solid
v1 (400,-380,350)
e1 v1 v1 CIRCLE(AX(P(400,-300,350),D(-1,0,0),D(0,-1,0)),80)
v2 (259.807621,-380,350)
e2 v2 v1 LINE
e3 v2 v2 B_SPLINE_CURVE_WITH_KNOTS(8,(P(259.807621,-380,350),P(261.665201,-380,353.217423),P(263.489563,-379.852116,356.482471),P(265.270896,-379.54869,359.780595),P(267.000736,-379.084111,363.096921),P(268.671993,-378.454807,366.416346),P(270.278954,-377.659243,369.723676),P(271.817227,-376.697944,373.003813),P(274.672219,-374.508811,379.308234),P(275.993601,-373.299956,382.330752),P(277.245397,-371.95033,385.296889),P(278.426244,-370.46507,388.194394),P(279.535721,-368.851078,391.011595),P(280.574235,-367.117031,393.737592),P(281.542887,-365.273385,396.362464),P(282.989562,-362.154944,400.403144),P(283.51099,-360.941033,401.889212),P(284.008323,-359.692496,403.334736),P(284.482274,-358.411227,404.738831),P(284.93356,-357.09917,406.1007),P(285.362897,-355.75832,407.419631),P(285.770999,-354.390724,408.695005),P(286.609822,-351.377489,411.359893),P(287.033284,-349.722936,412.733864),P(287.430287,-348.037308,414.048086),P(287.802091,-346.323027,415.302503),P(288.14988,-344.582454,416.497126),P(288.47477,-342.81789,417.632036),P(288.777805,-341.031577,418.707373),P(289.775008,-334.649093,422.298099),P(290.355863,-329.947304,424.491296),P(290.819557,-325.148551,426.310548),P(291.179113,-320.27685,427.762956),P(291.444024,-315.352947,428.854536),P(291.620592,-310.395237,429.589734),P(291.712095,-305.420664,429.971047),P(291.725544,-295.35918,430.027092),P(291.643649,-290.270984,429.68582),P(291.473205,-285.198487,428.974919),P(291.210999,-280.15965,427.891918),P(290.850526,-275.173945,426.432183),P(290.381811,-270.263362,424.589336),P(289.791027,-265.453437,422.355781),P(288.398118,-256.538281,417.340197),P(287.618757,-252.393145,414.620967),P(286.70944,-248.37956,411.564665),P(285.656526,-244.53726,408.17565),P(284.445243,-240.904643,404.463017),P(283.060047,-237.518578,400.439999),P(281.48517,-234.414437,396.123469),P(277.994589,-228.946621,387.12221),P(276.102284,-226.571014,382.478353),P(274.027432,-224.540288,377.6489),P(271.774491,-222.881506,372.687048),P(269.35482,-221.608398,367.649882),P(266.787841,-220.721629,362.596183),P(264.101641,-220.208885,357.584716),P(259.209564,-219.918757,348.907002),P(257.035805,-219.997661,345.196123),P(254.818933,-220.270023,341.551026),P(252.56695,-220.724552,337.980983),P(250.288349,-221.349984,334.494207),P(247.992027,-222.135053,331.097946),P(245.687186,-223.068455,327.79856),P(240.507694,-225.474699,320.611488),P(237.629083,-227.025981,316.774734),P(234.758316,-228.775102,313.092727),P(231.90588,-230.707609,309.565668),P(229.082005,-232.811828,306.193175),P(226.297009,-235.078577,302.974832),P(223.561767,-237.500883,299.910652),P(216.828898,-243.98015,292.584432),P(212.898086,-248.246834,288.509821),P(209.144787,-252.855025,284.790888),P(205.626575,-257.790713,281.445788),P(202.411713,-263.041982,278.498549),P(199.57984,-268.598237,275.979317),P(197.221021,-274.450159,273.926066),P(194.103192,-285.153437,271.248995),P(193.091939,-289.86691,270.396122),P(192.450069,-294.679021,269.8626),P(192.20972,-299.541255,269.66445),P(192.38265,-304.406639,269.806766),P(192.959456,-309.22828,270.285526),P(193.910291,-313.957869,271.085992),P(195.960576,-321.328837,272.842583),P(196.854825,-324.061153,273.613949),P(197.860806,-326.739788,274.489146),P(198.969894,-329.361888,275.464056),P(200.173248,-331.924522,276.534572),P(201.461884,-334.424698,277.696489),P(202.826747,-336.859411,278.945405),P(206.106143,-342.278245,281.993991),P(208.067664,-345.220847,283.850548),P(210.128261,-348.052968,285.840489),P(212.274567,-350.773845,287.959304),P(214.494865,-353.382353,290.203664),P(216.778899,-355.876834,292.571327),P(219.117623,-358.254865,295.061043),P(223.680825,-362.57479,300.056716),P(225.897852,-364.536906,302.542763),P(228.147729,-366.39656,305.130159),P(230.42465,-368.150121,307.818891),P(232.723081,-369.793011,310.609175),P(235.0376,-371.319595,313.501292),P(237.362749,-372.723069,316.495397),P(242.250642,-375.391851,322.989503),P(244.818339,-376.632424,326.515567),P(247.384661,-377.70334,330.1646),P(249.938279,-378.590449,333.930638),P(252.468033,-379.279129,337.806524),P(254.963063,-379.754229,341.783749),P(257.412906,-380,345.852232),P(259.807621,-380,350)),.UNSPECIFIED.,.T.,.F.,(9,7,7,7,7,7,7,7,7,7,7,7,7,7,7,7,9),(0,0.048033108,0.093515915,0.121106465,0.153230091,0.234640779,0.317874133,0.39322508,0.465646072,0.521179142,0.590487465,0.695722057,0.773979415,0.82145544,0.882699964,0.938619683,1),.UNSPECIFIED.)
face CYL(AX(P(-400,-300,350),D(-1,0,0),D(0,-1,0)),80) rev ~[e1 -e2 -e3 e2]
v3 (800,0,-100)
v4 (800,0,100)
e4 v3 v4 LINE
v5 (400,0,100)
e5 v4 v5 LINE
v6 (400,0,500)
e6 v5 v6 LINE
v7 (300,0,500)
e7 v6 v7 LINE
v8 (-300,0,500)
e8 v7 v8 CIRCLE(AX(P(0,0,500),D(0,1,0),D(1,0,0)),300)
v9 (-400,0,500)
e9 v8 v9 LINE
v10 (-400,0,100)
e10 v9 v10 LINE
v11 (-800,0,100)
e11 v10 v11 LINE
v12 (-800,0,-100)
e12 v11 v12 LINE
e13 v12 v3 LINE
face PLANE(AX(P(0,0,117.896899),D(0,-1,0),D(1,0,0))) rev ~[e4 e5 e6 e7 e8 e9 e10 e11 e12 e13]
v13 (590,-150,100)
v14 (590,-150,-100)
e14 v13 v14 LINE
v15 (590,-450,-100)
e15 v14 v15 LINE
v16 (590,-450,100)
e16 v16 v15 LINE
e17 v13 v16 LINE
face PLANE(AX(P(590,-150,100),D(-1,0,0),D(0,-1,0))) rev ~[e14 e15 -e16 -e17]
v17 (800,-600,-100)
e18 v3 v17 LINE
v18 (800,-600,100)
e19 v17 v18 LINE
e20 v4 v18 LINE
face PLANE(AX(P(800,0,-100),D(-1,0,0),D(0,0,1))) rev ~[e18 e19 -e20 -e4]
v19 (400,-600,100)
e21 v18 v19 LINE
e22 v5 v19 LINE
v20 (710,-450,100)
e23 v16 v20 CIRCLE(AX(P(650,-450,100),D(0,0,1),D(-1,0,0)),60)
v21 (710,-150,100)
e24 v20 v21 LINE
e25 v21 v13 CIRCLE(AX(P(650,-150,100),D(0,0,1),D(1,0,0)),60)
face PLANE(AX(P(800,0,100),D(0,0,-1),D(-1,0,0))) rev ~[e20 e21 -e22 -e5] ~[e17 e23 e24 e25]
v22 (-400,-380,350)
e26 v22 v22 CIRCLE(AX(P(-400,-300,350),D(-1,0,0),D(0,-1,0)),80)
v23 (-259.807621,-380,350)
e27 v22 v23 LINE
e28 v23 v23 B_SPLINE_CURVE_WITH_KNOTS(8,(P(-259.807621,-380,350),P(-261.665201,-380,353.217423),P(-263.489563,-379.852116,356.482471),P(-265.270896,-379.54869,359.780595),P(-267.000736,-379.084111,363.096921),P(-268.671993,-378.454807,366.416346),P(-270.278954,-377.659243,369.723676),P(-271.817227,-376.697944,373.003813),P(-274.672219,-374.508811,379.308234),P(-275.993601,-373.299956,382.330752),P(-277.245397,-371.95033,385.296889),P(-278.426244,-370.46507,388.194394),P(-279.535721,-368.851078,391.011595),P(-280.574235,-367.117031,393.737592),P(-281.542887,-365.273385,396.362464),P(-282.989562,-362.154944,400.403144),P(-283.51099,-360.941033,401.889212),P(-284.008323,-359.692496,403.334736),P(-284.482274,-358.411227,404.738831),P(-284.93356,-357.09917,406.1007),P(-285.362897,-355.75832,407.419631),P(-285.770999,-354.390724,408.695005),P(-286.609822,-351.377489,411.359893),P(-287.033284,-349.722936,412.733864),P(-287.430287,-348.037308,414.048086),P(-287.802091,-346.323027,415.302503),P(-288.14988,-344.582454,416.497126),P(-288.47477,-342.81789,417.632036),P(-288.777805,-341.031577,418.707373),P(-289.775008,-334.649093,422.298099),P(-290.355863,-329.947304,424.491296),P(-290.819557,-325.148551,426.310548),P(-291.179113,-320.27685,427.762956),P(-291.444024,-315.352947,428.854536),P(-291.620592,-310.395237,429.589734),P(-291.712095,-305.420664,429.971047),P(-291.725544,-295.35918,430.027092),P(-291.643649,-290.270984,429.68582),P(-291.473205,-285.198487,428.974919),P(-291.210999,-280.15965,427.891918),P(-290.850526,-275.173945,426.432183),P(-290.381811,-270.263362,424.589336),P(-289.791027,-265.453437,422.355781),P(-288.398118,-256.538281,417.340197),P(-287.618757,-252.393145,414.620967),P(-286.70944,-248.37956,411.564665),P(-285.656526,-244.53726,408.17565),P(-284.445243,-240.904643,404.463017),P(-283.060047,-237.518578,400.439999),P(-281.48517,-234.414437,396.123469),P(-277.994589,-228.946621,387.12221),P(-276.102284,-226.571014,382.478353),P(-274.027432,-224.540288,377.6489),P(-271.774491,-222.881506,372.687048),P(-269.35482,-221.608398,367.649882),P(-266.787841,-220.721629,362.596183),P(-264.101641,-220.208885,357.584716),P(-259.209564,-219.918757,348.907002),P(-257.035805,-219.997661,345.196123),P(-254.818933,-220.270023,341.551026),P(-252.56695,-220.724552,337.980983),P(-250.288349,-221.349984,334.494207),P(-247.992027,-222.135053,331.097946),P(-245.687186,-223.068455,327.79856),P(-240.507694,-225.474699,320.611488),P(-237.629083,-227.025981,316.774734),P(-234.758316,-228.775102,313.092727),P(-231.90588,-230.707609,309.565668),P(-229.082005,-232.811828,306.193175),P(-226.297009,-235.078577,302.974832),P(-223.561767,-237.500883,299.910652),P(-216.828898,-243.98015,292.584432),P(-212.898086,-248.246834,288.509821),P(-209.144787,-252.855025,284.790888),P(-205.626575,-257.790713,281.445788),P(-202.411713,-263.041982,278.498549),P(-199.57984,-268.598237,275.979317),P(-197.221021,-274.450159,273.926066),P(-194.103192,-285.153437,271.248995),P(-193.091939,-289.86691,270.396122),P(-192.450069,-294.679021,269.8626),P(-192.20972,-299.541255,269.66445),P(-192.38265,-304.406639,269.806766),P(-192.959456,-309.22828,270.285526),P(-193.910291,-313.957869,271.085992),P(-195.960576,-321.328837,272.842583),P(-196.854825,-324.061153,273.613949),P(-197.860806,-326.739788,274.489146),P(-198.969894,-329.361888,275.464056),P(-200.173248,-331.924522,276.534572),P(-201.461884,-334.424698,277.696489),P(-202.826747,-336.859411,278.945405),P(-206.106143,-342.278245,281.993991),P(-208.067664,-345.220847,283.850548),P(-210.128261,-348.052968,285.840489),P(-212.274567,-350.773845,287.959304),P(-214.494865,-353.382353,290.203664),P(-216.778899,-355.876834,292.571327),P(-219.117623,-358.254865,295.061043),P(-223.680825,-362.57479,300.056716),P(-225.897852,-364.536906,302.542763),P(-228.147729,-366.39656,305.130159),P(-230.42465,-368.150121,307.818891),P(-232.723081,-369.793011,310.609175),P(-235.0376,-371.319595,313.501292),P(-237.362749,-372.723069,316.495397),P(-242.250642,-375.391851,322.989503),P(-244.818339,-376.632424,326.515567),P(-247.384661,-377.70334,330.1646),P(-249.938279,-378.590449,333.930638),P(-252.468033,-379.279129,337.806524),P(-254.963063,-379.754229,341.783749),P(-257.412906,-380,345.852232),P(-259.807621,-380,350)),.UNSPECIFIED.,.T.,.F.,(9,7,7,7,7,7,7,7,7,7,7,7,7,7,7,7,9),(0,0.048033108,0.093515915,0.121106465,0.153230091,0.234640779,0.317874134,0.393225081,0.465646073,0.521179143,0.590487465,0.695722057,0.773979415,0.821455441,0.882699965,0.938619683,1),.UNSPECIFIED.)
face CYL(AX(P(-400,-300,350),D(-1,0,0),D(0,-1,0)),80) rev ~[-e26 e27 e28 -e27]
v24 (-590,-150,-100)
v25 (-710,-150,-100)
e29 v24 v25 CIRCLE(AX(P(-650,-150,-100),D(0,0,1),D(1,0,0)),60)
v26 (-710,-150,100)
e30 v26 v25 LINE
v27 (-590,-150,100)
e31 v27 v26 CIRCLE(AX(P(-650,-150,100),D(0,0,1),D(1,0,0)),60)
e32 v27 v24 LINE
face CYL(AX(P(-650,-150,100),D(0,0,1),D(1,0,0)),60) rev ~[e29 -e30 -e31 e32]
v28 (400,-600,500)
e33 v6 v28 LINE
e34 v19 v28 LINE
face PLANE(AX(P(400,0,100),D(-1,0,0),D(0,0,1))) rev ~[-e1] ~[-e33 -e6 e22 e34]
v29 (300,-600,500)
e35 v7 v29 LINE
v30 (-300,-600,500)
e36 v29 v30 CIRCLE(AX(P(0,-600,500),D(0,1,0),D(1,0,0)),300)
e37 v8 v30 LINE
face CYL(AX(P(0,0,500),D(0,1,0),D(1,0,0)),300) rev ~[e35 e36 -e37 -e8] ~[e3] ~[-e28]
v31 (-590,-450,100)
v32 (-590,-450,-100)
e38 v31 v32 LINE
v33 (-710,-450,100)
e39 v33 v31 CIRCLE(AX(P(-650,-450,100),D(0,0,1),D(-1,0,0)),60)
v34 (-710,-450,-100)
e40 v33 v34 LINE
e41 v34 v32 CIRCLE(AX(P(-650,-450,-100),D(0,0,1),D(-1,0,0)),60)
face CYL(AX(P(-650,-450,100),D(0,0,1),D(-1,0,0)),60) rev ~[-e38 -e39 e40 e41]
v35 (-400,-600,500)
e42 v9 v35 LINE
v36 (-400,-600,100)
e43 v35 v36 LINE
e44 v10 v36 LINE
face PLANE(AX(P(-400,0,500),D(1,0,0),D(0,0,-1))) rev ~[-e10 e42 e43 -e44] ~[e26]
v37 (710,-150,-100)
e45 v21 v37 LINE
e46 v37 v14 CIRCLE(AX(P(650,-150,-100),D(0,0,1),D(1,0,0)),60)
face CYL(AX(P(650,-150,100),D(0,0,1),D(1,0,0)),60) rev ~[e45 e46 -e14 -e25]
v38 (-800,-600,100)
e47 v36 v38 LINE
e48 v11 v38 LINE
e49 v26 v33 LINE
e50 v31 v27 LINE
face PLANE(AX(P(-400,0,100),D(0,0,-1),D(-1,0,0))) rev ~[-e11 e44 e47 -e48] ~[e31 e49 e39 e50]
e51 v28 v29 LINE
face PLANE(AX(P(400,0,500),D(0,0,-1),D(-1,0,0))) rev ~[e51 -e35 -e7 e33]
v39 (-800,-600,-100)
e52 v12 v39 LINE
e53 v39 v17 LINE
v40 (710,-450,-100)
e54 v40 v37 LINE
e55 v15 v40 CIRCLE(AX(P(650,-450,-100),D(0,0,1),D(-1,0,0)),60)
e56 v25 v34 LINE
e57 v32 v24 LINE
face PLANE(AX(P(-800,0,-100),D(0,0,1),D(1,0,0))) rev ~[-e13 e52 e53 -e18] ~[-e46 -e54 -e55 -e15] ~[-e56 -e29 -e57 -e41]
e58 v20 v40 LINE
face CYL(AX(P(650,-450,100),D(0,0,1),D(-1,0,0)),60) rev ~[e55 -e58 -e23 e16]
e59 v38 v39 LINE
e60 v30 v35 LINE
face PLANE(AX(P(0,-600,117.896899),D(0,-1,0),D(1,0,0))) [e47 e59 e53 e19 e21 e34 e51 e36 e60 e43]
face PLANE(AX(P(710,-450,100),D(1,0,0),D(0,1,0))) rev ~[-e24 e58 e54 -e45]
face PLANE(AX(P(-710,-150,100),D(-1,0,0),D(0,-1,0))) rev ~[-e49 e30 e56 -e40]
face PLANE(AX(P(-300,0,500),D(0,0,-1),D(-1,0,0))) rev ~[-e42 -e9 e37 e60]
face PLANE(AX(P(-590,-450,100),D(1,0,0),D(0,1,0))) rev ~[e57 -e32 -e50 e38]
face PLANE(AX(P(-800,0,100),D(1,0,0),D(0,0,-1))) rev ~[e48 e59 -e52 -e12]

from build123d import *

# Parameters (mm, degrees)
F1_DEPTH = 600
F2_R     = 80
F3_DEPTH = 1200.001
F5_DEPTH = 200.001


with BuildPart() as f1:
    # F0 (on Front) → F1 (new body)
    with BuildSketch(Plane.XZ):
        with BuildLine():
            Line((-800, 100), (-800, -100))
            Line((-800, -100), (800, -100))
            Line((800, -100), (800, 100))
            Line((800, 100), (400, 100))
            Line((400, 100), (400, 500))
            Line((400, 500), (300, 500))
            ThreePointArc((300, 500), (0, 200), (-300, 500))
            Line((-300, 500), (-400, 500))
            Line((-400, 500), (-400, 100))
            Line((-400, 100), (-800, 100))
        make_face()
    extrude(amount=F1_DEPTH)

    # F2 (on face) → F3 (cut, through all)
    with BuildSketch(Plane(origin=(-400, 0, 0), x_dir=(0, -1, 0), z_dir=(-1, 0, 0))):
        with Locations((300, 350)):
            Circle(F2_R)
    extrude(amount=-F3_DEPTH, mode=Mode.SUBTRACT)

    # F4 (on face) → F5 (cut, through all)
    with BuildSketch(Plane.XY.offset(100)):
        with BuildLine():
            ThreePointArc((590, -450), (650, -510), (710, -450))
            Line((710, -450), (710, -150))
            ThreePointArc((710, -150), (650, -90), (590, -150))
            Line((590, -150), (590, -450))
        make_face()
        with BuildLine():
            Line((-710, -150), (-710, -450))
            ThreePointArc((-710, -450), (-650, -510), (-590, -450))
            Line((-590, -450), (-590, -150))
            ThreePointArc((-590, -150), (-650, -90), (-710, -150))
        make_face()
    extrude(amount=-F5_DEPTH, mode=Mode.SUBTRACT)


solid = f1.part
